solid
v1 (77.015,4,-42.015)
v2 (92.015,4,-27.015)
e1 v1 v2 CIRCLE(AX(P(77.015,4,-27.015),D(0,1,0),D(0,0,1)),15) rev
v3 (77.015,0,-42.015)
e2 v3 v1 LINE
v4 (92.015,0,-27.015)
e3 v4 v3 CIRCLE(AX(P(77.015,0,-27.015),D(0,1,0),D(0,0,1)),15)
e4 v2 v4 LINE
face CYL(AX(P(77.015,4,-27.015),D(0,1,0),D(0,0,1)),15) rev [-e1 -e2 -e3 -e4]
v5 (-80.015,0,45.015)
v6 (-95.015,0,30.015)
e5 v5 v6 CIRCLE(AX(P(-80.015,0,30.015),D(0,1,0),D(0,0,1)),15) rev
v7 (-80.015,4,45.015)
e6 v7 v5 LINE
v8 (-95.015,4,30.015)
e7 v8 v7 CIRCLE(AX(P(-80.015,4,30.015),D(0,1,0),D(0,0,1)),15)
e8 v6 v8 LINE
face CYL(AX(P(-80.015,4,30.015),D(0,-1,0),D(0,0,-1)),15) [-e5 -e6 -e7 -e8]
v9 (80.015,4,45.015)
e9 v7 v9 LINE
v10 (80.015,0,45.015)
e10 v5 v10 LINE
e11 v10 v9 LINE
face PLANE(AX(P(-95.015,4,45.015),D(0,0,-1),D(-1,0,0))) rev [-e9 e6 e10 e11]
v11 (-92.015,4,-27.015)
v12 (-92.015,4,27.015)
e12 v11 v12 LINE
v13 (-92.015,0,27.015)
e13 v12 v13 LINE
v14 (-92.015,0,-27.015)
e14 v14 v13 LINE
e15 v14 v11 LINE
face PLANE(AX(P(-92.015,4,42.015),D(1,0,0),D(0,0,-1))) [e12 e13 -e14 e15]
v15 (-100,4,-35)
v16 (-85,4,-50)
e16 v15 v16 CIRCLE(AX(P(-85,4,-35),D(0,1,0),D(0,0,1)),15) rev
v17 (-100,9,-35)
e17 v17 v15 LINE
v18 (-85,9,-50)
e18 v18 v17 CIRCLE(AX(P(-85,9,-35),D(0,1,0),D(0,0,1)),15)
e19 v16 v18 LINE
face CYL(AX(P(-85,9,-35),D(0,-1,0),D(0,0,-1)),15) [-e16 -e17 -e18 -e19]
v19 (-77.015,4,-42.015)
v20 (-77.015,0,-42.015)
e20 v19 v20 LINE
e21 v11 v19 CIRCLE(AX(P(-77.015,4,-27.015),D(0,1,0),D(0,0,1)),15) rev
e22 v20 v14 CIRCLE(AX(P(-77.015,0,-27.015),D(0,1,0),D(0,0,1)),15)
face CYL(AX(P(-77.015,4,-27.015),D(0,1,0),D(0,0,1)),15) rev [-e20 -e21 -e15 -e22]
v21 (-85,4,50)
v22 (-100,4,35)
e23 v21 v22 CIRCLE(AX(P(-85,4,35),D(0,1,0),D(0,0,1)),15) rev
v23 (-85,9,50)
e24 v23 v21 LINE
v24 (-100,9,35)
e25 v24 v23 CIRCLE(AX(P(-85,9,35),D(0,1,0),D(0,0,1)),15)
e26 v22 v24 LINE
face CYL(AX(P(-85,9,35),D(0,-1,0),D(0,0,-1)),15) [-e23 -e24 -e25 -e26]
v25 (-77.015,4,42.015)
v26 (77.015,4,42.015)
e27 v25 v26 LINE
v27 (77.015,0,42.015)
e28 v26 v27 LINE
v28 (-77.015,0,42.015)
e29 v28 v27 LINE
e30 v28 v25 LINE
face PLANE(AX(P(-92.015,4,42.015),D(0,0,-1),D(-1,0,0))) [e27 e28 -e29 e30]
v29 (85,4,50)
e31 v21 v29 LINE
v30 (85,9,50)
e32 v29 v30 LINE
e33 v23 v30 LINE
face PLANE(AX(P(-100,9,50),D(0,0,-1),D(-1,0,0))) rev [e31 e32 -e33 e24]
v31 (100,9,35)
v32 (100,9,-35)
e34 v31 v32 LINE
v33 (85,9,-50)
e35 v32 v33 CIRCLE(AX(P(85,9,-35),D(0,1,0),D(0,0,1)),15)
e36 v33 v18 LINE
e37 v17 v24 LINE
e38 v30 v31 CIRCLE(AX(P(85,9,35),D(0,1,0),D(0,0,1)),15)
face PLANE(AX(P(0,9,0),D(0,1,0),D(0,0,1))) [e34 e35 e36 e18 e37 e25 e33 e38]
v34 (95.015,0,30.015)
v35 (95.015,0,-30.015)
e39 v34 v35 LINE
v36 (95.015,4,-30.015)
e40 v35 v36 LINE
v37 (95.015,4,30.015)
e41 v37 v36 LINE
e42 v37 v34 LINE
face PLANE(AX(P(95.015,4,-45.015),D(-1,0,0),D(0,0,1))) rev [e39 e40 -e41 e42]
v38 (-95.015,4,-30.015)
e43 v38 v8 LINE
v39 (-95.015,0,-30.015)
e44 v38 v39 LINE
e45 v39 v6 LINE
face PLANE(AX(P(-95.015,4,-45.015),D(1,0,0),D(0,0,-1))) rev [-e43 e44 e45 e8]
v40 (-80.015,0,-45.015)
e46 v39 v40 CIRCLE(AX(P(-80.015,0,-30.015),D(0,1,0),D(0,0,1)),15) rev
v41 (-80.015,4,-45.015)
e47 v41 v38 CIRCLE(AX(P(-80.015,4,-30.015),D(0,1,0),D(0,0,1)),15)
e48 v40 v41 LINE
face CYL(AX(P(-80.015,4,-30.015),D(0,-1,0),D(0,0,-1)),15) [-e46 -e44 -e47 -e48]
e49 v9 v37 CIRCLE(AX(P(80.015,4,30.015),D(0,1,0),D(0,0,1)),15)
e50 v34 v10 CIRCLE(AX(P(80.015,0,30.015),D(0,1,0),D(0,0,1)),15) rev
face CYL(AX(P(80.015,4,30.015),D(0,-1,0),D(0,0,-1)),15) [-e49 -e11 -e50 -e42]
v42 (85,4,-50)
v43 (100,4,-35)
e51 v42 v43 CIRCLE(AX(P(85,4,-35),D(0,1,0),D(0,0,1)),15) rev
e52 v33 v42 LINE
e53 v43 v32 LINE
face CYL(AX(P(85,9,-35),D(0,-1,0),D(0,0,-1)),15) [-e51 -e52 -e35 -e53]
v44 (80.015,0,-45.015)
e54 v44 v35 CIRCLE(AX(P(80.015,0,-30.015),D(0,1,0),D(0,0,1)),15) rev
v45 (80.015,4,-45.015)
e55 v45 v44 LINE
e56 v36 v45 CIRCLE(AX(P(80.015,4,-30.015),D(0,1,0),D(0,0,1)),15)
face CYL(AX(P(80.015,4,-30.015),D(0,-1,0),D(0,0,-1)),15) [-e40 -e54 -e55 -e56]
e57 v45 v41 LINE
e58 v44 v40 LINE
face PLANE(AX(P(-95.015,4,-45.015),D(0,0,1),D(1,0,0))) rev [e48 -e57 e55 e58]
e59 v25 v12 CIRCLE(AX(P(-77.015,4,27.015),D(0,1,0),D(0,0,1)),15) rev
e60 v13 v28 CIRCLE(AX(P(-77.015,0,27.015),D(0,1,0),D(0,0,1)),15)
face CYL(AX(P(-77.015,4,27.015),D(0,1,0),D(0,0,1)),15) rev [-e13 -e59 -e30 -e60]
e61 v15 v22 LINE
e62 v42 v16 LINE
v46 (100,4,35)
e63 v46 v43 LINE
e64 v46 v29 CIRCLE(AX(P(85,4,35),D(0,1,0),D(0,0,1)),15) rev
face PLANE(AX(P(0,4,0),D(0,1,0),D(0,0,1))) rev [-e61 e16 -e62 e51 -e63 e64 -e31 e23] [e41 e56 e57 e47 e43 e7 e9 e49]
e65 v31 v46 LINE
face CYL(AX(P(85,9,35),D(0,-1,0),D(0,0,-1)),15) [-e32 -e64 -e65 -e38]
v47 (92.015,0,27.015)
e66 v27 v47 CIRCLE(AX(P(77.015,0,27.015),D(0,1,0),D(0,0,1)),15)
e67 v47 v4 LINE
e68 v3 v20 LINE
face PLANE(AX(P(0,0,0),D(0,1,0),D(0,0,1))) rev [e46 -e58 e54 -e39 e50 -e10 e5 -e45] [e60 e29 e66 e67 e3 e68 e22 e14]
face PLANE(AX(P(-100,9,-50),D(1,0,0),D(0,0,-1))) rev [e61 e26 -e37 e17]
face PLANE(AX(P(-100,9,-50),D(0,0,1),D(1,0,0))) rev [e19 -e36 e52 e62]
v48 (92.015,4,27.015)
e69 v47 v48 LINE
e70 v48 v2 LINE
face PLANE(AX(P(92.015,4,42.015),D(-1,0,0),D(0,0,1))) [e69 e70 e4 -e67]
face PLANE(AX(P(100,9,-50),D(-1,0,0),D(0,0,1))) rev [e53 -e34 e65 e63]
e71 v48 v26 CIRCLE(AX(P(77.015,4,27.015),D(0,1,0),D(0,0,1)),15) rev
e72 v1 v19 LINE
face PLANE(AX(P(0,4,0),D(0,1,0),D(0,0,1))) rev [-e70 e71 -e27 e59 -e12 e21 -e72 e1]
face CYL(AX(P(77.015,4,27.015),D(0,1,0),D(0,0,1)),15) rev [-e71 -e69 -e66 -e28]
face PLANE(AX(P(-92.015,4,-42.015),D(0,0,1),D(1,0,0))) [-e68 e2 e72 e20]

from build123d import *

# Parameters (mm, degrees)
SKETCH1_W           = 190.03
SKETCH1_H           = 90.03
SKETCH1_W_2         = 184.03
SKETCH1_H_2         = 84.03
BOSS_EXTRUDE1_DEPTH = 4
SKETCH2_W           = 200
SKETCH2_H           = 100
BOSS_EXTRUDE2_DEPTH = 5
FILLET1_R           = 15


with BuildPart() as part:
    # Sketch1 → Boss-Extrude1 (new body)
    with BuildSketch(Plane(origin=(0, 0, 0), x_dir=(1, 0, 0), z_dir=(0, 1, 0))):
        Rectangle(SKETCH1_W, SKETCH1_H)
        Rectangle(SKETCH1_W_2, SKETCH1_H_2, mode=Mode.SUBTRACT)
    extrude(amount=BOSS_EXTRUDE1_DEPTH)

    # Sketch2 → Boss-Extrude2 (add)
    with BuildSketch(Plane(origin=(0, 4, 0), x_dir=(1, 0, 0), z_dir=(0, 1, 0))):
        Rectangle(SKETCH2_W, SKETCH2_H)
    extrude(amount=BOSS_EXTRUDE2_DEPTH)

    # Fillet1
    fillet1_edges = [part.edges().sort_by_distance(p)[0] for p in [
        (92.015, 2, 42.015),
        (92.015, 2, -42.015),
        (-92.015, 2, -42.015),
        (-92.015, 2, 42.015),
        (100, 6.5, 50),
        (100, 6.5, -50),
        (-100, 6.5, -50),
        (-100, 6.5, 50),
        (95.015, 2, 45.015),
        (-95.015, 2, 45.015),
        (-95.015, 2, -45.015),
        (95.015, 2, -45.015),
    ]]
    fillet(fillet1_edges, radius=FILLET1_R)


solid = part.part
